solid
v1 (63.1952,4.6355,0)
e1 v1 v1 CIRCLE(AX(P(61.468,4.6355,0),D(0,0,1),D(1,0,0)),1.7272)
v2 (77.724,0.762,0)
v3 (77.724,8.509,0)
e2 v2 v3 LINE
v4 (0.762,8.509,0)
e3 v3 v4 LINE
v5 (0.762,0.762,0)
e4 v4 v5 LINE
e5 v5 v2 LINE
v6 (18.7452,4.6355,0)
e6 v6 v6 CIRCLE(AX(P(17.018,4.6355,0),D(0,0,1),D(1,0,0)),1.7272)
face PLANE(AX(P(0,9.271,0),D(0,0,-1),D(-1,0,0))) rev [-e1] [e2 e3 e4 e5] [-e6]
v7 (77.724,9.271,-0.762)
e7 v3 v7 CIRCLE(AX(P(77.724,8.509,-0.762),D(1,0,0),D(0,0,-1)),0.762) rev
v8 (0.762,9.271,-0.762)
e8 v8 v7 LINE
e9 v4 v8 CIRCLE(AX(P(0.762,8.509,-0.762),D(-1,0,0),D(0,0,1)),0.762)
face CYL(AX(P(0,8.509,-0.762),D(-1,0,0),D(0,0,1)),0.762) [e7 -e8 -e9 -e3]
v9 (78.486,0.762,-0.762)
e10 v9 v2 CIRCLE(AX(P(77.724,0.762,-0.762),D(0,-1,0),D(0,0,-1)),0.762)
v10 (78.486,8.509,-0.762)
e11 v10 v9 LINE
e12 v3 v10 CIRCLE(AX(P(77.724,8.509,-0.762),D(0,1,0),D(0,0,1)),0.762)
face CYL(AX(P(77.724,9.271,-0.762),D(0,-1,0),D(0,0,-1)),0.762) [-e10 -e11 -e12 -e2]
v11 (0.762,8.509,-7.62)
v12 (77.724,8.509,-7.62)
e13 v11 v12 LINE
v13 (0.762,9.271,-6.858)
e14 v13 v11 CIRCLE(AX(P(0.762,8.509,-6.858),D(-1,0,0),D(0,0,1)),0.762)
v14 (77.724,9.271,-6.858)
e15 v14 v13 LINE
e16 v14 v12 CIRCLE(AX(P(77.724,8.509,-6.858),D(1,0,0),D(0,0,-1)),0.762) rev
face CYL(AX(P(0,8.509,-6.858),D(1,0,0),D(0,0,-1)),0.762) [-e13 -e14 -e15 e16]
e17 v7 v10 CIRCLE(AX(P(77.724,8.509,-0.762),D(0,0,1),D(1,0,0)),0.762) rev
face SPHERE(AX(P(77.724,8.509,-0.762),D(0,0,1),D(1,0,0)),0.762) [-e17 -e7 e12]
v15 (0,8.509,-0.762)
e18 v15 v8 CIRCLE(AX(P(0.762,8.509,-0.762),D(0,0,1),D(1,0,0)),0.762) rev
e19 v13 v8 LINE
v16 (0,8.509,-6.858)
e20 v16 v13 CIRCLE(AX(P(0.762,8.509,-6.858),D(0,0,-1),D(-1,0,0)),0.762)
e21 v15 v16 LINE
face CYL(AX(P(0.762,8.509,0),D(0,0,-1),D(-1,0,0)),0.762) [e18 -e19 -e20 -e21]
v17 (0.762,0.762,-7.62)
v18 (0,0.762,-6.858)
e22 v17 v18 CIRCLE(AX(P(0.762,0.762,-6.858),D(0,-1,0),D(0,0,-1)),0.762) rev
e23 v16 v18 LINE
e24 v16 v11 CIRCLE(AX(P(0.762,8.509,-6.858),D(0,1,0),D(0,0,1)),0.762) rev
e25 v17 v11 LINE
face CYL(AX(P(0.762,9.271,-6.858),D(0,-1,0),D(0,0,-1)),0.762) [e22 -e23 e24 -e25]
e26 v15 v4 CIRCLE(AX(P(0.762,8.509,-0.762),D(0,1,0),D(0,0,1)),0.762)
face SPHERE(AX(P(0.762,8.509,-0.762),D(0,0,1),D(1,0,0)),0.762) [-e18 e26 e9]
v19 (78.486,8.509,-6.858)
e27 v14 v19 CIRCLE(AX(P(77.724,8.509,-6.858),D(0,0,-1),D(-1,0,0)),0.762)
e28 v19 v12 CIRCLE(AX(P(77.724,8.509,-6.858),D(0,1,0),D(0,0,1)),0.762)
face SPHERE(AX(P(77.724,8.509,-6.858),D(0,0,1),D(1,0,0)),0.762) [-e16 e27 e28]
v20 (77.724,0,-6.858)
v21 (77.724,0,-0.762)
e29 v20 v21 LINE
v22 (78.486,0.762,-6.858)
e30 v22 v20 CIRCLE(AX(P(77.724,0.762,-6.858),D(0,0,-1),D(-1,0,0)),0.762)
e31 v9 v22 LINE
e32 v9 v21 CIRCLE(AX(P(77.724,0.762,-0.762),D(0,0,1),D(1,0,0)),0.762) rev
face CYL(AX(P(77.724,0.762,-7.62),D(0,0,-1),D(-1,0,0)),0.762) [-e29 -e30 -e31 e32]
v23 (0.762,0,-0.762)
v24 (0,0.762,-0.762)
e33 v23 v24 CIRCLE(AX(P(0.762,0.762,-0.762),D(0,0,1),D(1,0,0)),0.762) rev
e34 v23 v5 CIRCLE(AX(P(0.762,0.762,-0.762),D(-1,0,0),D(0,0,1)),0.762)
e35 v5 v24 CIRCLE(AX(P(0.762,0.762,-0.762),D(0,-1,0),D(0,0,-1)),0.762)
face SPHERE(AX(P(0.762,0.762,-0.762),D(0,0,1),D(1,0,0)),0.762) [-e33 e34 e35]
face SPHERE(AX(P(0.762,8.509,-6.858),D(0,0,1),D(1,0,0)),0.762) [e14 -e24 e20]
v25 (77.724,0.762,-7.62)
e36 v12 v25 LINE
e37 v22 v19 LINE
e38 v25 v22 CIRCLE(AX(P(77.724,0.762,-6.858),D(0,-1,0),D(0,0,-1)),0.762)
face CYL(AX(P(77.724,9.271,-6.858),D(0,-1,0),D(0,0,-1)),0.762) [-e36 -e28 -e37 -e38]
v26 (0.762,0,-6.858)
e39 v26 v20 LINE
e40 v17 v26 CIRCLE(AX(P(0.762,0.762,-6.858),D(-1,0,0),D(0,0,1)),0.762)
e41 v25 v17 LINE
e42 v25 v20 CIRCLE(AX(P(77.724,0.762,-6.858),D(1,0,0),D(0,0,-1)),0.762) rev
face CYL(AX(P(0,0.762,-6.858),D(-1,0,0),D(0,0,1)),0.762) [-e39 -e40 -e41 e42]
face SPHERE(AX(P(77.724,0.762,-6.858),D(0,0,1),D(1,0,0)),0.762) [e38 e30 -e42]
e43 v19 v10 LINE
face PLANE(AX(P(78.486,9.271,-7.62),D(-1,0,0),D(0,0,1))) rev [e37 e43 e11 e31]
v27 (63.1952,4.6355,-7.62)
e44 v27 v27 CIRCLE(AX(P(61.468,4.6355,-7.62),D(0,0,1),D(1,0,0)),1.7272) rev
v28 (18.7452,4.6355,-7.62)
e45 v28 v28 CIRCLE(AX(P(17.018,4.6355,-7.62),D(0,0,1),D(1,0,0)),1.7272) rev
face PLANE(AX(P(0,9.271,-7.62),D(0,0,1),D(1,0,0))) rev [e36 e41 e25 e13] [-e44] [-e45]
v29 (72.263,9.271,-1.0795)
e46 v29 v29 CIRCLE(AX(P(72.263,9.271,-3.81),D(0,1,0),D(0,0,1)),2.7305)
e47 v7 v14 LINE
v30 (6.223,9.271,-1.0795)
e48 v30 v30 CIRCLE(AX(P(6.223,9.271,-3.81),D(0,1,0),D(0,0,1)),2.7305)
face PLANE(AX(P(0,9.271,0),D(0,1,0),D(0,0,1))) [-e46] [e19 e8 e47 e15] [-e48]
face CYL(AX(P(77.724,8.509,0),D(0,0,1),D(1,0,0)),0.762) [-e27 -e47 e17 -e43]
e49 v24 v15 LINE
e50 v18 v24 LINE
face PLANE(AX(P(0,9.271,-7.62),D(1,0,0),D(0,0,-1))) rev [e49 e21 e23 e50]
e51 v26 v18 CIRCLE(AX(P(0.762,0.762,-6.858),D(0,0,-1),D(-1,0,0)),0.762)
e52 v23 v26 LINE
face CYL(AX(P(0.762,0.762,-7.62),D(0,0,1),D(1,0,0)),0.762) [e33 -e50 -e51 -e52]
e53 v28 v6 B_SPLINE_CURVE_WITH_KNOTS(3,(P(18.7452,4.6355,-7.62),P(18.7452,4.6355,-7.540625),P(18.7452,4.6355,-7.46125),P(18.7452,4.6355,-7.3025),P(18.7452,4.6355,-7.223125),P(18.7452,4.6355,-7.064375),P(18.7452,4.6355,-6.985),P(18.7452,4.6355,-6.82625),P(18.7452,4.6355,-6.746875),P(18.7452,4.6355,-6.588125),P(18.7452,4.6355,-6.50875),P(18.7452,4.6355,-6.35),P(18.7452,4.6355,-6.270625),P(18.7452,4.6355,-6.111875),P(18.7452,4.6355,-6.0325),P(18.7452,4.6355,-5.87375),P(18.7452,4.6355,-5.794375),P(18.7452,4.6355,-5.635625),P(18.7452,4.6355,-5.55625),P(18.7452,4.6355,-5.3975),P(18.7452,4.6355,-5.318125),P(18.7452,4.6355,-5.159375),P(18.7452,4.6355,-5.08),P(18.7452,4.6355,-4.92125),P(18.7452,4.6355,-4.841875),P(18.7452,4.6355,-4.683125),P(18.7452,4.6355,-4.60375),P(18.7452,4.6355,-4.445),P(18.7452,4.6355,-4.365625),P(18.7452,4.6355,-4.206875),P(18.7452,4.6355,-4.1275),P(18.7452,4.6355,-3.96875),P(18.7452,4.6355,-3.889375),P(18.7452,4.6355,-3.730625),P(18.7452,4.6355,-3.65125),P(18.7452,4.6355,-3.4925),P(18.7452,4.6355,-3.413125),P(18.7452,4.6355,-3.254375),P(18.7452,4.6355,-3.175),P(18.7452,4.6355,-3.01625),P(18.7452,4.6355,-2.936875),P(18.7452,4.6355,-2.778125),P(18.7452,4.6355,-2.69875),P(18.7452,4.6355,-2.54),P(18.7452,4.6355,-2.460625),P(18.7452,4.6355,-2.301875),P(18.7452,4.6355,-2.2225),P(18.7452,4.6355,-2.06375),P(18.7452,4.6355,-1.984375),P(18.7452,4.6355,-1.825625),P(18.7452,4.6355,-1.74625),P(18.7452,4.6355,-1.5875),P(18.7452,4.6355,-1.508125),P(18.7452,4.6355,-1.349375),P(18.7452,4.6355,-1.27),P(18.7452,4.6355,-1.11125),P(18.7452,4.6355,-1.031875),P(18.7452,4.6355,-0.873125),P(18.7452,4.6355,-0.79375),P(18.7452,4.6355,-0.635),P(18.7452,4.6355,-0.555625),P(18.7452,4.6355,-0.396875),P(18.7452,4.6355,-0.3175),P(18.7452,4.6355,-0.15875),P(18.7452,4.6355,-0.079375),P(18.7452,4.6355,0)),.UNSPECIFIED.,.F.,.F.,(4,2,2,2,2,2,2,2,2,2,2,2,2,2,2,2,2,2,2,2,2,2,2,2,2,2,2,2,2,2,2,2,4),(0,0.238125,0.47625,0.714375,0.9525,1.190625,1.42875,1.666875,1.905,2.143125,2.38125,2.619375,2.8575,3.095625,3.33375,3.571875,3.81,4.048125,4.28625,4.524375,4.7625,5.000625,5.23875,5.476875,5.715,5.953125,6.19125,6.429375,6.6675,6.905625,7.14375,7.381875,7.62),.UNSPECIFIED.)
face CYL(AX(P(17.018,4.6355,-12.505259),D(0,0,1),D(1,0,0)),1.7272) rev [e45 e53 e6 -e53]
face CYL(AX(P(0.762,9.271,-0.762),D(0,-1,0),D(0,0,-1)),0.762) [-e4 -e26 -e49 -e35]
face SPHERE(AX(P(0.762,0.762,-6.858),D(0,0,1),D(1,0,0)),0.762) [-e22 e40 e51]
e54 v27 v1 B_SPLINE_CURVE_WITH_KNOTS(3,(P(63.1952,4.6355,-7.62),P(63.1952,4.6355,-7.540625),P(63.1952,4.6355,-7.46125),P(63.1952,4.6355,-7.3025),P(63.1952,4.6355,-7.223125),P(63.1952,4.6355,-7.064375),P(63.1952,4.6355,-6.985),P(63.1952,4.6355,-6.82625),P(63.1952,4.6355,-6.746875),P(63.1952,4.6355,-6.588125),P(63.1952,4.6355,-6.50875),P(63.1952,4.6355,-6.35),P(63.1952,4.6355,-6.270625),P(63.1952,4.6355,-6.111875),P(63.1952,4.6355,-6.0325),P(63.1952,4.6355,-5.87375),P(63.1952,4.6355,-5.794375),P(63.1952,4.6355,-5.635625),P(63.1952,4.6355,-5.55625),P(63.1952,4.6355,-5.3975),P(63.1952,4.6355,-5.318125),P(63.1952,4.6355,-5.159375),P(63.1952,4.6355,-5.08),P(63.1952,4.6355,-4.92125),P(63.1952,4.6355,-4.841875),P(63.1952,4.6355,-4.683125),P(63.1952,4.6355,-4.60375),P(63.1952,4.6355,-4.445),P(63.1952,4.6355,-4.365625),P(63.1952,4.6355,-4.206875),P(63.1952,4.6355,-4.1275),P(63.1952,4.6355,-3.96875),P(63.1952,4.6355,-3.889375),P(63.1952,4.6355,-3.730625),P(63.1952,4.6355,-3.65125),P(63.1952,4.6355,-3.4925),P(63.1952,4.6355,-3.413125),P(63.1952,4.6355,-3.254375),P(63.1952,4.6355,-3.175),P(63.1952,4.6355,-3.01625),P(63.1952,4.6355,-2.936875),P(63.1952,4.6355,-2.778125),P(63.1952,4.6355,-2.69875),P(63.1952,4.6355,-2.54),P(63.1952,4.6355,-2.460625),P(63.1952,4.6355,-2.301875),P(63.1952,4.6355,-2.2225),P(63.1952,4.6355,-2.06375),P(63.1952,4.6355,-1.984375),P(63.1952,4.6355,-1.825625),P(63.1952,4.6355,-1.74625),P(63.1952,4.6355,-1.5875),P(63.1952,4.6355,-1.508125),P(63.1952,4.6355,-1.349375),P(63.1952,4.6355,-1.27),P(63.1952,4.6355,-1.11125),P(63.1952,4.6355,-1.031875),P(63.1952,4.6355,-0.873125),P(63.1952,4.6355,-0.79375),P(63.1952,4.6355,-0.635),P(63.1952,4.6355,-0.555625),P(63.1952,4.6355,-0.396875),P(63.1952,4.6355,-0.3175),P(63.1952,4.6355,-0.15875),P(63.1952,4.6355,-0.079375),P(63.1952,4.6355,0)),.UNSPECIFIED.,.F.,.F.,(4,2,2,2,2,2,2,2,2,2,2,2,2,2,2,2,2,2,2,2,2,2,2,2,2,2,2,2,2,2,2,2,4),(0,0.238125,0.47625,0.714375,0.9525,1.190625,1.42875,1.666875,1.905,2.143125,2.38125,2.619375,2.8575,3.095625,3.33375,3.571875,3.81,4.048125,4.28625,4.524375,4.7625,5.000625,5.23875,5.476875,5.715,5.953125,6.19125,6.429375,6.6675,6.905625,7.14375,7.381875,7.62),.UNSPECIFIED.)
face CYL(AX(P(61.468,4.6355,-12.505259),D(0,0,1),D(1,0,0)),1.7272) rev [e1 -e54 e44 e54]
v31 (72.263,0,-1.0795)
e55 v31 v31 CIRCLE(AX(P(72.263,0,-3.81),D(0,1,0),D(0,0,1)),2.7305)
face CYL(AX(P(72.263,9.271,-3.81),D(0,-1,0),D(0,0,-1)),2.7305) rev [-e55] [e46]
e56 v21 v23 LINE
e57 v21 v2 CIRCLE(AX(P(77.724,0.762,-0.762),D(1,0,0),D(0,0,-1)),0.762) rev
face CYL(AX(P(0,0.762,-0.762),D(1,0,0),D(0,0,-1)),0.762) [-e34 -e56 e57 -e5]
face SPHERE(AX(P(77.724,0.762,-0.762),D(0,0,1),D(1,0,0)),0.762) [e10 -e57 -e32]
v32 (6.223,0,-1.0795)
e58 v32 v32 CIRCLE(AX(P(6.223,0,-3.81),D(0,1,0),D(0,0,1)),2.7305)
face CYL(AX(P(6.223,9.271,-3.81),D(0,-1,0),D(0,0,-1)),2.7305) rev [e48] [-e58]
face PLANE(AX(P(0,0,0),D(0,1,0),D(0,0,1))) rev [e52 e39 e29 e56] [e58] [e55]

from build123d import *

# Parameters (mm, degrees)
SKETCH2_W           = 78.486
SKETCH2_H           = 7.62
SKETCH2_R           = 2.7305
BOSS_EXTRUDE1_DEPTH = 9.271
SKETCH3_R           = 1.7272
CUT_EXTRUDE1_DEPTH  = 7.62
FILLET1_R           = 0.762


with BuildPart() as part:
    # Sketch2 → Boss-Extrude1 (new body)
    with BuildSketch(Plane(origin=(0, 0, 0), x_dir=(1, 0, 0), z_dir=(0, 1, 0))):
        with Locations((39.243, 3.81)):
            Rectangle(SKETCH2_W, SKETCH2_H)
        with Locations(Location((6.223, 3.81, 0), (0, 0, 270))):
            Circle(SKETCH2_R, mode=Mode.SUBTRACT)
        with Locations(Location((72.263, 3.81, 0), (0, 0, 270))):
            Circle(SKETCH2_R, mode=Mode.SUBTRACT)
    extrude(amount=BOSS_EXTRUDE1_DEPTH)

    # Sketch3 → Cut-Extrude1 (cut)
    with BuildSketch(Plane.XY):
        with Locations((17.018, 4.6355)):
            Circle(SKETCH3_R)
        with Locations((61.468, 4.6355)):
            Circle(SKETCH3_R)
    extrude(amount=-CUT_EXTRUDE1_DEPTH, mode=Mode.SUBTRACT)

    # Fillet1
    fillet1_edges = [part.edges().sort_by_distance(p)[0] for p in [
        (78.486, 9.271, -3.81),
        (39.243, 9.271, -7.62),
        (0, 9.271, -3.81),
        (39.243, 0, -7.62),
        (78.486, 0, -3.81),
        (39.243, 0, 0),
        (0, 0, -3.81),
        (39.243, 9.271, 0),
        (0, 4.6355, -7.62),
        (78.486, 4.6355, -7.62),
        (78.486, 4.6355, 0),
        (0, 4.6355, 0),
    ]]
    fillet(fillet1_edges, radius=FILLET1_R)


solid = part.part
